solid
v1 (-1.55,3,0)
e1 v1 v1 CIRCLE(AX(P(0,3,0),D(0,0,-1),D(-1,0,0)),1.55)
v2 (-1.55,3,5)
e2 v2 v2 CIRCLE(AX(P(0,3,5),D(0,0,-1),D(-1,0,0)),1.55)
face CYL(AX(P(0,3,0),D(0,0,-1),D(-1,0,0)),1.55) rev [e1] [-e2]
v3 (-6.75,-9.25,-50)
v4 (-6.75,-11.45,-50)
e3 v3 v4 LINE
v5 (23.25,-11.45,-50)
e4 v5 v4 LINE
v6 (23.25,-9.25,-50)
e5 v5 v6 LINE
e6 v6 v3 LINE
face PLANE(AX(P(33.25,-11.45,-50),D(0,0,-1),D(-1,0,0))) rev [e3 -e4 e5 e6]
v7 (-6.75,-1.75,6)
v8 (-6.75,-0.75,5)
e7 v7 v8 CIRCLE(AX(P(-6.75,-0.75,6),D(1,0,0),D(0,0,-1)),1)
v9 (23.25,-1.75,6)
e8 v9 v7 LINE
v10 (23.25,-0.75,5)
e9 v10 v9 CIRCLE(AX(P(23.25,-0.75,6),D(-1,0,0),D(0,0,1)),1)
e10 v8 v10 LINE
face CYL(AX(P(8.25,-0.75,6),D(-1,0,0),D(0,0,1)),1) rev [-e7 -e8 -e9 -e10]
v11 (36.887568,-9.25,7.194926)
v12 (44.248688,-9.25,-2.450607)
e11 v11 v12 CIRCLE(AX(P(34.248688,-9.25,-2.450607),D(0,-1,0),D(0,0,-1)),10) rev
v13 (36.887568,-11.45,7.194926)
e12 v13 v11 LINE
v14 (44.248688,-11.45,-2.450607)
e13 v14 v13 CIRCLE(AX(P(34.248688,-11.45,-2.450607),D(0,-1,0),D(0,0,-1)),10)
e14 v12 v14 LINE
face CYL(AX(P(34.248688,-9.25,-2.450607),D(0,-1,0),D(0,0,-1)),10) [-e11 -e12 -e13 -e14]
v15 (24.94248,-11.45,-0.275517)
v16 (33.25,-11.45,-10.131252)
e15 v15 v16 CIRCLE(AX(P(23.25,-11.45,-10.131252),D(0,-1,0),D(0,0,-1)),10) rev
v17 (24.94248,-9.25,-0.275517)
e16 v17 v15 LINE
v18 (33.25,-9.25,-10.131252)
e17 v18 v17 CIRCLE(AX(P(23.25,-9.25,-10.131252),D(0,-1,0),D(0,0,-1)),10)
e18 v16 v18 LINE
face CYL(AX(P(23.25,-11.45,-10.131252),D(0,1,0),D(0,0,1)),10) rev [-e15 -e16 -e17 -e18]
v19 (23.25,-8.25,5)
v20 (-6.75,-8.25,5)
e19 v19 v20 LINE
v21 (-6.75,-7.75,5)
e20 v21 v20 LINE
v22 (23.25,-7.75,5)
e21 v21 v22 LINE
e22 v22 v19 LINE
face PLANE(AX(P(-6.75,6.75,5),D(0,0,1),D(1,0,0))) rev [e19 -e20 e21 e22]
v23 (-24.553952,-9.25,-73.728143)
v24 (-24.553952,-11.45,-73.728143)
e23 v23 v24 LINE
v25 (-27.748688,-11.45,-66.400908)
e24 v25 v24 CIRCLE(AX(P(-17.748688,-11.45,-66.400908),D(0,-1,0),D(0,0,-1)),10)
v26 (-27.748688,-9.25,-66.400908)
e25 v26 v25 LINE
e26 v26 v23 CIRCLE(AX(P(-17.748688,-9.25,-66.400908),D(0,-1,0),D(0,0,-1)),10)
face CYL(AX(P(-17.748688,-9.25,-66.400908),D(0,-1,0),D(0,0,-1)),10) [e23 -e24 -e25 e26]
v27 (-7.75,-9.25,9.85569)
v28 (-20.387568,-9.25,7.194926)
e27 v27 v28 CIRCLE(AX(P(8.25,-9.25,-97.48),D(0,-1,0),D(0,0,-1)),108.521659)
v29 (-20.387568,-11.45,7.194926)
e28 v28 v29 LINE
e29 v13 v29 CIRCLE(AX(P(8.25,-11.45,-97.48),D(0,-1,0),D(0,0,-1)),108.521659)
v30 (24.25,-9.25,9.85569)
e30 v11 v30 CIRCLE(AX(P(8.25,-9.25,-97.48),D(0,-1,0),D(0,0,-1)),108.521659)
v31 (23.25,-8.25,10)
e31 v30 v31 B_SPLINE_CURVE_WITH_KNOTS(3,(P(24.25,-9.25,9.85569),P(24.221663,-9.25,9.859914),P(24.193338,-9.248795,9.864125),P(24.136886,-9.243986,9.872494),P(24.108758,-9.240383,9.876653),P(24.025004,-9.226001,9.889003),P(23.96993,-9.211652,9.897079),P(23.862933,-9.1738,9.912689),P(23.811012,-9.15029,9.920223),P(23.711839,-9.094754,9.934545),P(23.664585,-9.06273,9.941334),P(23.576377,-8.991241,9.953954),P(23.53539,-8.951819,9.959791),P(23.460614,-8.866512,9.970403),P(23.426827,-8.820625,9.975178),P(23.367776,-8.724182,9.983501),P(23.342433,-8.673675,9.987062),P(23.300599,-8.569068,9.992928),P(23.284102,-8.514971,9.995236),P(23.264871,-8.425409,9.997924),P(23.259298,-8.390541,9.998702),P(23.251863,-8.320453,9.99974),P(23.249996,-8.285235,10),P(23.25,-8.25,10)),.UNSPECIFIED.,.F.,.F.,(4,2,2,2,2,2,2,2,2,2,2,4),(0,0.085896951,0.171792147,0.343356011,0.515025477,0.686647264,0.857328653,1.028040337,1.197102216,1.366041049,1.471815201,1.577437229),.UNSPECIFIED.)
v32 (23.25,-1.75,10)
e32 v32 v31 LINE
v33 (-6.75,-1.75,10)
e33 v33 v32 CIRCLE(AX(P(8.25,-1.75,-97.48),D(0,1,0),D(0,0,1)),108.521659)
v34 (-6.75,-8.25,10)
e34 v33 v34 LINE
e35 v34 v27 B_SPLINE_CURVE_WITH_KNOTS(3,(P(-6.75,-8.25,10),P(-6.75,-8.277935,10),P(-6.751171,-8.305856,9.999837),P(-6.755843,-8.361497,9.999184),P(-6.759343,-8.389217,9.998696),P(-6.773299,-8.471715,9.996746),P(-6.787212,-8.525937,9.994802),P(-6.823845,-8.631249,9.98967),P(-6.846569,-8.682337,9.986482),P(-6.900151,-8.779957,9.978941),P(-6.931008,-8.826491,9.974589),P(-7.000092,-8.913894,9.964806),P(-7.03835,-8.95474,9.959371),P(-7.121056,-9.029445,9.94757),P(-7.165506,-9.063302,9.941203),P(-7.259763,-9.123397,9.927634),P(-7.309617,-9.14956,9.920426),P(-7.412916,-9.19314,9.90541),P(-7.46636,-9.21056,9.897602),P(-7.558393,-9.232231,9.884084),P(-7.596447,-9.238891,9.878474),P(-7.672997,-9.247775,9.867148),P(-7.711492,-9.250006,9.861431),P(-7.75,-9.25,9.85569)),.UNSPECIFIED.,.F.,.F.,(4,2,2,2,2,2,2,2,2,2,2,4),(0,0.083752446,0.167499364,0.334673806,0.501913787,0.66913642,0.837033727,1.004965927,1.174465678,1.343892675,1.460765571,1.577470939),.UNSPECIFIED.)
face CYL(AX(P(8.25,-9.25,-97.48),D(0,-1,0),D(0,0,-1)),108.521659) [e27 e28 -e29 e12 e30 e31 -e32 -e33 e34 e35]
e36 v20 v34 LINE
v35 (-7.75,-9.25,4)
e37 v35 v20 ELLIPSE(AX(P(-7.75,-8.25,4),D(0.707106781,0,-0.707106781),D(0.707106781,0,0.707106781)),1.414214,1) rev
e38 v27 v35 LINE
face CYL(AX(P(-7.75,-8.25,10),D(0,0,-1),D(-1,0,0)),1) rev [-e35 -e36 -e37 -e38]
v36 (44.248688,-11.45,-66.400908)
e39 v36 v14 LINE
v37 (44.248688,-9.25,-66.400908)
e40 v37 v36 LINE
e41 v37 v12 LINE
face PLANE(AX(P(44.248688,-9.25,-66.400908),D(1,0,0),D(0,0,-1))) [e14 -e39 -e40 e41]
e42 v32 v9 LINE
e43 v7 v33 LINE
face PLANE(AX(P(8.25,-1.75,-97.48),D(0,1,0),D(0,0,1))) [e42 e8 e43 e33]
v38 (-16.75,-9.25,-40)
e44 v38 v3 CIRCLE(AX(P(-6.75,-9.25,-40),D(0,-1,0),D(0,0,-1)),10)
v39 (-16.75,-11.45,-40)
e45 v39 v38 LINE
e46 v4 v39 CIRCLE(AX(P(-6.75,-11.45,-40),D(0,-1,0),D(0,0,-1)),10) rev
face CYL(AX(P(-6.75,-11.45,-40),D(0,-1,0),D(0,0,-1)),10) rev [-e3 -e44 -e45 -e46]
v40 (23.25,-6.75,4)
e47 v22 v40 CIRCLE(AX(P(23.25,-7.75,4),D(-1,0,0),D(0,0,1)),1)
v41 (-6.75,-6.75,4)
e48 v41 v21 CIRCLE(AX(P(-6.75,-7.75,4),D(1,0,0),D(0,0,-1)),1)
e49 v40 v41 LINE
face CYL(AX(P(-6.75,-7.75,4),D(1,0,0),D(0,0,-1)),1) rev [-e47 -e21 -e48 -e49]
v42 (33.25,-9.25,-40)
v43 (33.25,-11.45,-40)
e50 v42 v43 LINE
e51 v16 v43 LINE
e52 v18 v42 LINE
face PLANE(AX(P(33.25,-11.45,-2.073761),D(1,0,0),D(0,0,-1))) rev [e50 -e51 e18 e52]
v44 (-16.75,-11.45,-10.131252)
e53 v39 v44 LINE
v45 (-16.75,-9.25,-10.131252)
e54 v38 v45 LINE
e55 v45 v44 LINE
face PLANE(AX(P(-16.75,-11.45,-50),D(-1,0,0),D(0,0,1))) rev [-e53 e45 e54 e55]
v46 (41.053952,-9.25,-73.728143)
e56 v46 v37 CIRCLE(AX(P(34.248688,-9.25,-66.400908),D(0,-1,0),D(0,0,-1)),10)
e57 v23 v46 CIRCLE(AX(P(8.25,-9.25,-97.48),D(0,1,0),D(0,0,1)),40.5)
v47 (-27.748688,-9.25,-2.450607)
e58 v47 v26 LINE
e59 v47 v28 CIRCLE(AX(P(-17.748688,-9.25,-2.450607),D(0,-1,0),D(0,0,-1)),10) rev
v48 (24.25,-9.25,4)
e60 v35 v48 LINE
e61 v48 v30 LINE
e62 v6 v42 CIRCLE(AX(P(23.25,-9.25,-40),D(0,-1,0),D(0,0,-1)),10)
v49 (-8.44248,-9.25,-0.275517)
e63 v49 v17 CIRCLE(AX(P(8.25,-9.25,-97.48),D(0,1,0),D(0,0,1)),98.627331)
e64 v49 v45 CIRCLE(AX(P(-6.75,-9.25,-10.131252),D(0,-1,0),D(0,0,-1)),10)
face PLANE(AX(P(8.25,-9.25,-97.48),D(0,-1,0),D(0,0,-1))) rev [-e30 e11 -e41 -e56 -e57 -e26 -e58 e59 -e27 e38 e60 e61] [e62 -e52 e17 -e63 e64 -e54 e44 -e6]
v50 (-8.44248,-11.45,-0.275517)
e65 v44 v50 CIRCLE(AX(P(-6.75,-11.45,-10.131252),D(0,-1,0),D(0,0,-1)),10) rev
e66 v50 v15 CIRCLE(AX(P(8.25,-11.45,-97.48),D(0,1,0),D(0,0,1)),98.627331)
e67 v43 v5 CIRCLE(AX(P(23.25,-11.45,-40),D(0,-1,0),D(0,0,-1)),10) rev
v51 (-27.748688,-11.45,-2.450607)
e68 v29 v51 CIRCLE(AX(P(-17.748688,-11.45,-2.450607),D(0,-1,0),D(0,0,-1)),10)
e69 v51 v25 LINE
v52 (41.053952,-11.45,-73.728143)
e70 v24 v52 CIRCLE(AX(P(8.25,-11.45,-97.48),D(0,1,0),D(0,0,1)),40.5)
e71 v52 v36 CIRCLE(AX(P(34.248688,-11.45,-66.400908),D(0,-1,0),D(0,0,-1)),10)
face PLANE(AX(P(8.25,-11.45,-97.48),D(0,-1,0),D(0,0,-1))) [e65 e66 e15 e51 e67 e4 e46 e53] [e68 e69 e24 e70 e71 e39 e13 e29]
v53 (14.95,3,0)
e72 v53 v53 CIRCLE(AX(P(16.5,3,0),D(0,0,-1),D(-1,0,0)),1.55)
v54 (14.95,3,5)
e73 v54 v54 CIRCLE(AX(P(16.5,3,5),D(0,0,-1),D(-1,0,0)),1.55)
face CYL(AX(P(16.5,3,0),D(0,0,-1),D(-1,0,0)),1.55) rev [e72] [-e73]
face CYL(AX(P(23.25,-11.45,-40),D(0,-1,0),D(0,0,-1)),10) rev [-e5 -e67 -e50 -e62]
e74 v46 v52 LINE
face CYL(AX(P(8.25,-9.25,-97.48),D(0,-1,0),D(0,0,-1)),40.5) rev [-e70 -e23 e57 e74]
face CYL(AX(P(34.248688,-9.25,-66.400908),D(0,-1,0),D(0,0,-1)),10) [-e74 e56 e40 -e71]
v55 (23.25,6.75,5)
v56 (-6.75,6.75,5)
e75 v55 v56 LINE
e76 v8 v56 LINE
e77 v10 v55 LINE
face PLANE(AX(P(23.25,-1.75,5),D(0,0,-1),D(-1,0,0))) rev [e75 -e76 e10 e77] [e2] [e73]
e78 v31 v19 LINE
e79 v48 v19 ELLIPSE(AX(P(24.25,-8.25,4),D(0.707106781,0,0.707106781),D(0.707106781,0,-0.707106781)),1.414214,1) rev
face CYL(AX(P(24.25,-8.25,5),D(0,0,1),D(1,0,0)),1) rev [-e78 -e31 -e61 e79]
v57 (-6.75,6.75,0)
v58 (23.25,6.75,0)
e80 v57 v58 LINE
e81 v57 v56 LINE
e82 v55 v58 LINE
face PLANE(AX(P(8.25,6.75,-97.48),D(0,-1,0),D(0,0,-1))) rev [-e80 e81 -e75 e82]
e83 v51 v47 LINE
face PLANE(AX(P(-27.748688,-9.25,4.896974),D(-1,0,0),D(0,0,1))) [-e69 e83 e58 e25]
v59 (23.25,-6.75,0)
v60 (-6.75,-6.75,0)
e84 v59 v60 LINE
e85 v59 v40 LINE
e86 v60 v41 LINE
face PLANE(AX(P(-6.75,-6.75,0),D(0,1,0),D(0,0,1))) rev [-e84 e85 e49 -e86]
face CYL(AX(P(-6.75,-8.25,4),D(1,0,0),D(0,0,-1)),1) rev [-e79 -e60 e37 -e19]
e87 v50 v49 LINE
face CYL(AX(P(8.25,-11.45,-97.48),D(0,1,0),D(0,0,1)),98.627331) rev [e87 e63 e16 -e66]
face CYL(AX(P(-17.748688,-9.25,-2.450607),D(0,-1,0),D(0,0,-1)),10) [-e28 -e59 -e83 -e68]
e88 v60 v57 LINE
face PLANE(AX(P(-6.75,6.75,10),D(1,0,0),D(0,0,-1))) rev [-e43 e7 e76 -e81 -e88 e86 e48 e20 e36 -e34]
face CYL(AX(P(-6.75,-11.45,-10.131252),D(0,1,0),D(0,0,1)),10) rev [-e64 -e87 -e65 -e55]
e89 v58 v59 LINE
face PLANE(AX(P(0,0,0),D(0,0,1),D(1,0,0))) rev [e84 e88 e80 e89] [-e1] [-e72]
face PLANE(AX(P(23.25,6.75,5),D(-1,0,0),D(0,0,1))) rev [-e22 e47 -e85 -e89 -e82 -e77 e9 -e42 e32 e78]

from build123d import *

# Parameters (mm, degrees)
EXTRUDE_1_DEPTH             = 2.2000000000000006
EXTRUDE_2_DEPTH             = 16.000000000000004
SKETCH_3_W                  = 30
SKETCH_3_H                  = 13.500000000000002
EXTRUDE_3_DEPTH             = 5
CUT_EXTRUDE_START           = -8.5
CUT_EXTRUDE_1_DEPTH         = 8.5
CUT_EXTRUDE_2_DEPTH         = 88.46305189948819
HOLE_WIZARD_3_1_3_1_1_D     = 3.1
HOLE_WIZARD_3_1_3_1_1_DEPTH = 11.041658668
FILLET_1_R                  = 1
FILLET_2_R                  = 10


with BuildPart() as part:
    # 草图1 → 凸台-拉伸1 (new body)
    with BuildSketch(Plane.XZ.offset(11.45)):
        with BuildLine():
            Line((-27.748687791341045, 4.896974351176933), (-27.748687791341048, -66.4009079535447))
            ThreePointArc((-27.748687791341048, -66.4009079535447), (-26.915275099995267, -70.3976162382234), (-24.55395236877715, -73.7281430412905))
            ThreePointArc((-24.55395236877715, -73.7281430412905), (8.250000000000021, -56.98000000000004), (41.0539523687772, -73.7281430412905))
            ThreePointArc((41.0539523687772, -73.7281430412905), (43.41527509999529, -70.3976162382234), (44.24868779134105, -66.4009079535447))
            Line((44.24868779134105, -66.4009079535447), (44.24868779134099, 4.896974351176947))
            ThreePointArc((44.24868779134099, 4.896974351176947), (8.249999999999982, 11.041658667751605), (-27.748687791341045, 4.896974351176933))
        make_face()
    extrude(amount=-EXTRUDE_1_DEPTH)

    # 草图2 → 凸台-拉伸2 (add)
    with BuildSketch(Plane(origin=(0, -9.25, 0), x_dir=(-1, 0, 0), z_dir=(0, 1, 0))):
        with BuildLine():
            Line((6.75, 5), (-23.25, 5))
            Line((-23.25, 5), (-23.25, 9.99999999999994))
            ThreePointArc((-23.25, 9.99999999999994), (-8.249999999999993, 11.041658667751605), (6.749999999999999, 9.99999999999994))
            Line((6.749999999999999, 9.99999999999994), (6.75, 5))
        make_face()
    extrude(amount=EXTRUDE_2_DEPTH)

    # 草图3 → 凸台-拉伸3 (add)
    with BuildSketch(Plane(origin=(0, 0, 5), x_dir=(-1, 0, 0), z_dir=(0, 0, -1))):
        with Locations((-8.25, 0)):
            Rectangle(SKETCH_3_W, SKETCH_3_H)
    extrude(amount=EXTRUDE_3_DEPTH)

    # 草图4 → 切除-拉伸1 (cut)
    with BuildSketch(Plane(origin=(0, 6.750000000000004, 0), x_dir=(-1, 0, 0), z_dir=(0, 1, 0)).offset(CUT_EXTRUDE_START)):
        with BuildLine():
            Line((-23.25, 9.99999999999994), (-23.25, 5))
            Line((-23.25, 5), (6.75, 5))
            Line((6.75, 5), (6.749999999999999, 9.99999999999994))
            ThreePointArc((6.749999999999999, 9.99999999999994), (-8.249999999999993, 11.041658667751605), (-23.25, 9.99999999999994))
        make_face()
    extrude(amount=CUT_EXTRUDE_1_DEPTH, mode=Mode.SUBTRACT)

    # 草图5 → 切除-拉伸2 (cut, through all)
    with BuildSketch(Plane(origin=(0, -9.25, 0), x_dir=(-1, 0, 0), z_dir=(0, 1, 0))):
        with BuildLine():
            Line((-33.25000000000001, -2.0737612102855603), (-33.25, -50))
            Line((-33.25, -50), (16.75, -50))
            Line((16.75, -50), (16.749999999999993, -2.073761210285574))
            ThreePointArc((16.749999999999993, -2.073761210285574), (-8.249999999999995, 1.1473308976777048), (-33.25000000000001, -2.0737612102855603))
        make_face()
    extrude(amount=-CUT_EXTRUDE_2_DEPTH, mode=Mode.SUBTRACT)

    # Ø3.1 (3.1) 直径孔1
    with Locations(Plane(origin=(0, 0, 0), x_dir=(-1, 0, 0), z_dir=(0, 0, -1))):
        with Locations((-16.5, 3), (0, 3)):
            Hole(HOLE_WIZARD_3_1_3_1_1_D / 2, depth=HOLE_WIZARD_3_1_3_1_1_DEPTH)

    # 圆角1
    fillet_1_edges = [part.edges().sort_by_distance(p)[0] for p in [
        (-6.75, -9.25, 7.49999999999997),
        (23.25, -9.25, 7.49999999999997),
        (8.25, -9.25, 5),
        (8.25, -6.75, 5),
        (8.25, -1.7499999999999956, 5),
    ]]
    fillet(fillet_1_edges, radius=FILLET_1_R)

    # 圆角2
    fillet_2_edges = [part.edges().sort_by_distance(p)[0] for p in [
        (44.24868779134099, -10.35, 4.896974351176949),
        (-27.748687791341048, -10.35, 4.896974351176935),
        (33.25, -10.35, -2.0737612102855643),
        (-16.749999999999993, -10.35, -2.073761210285571),
        (-16.75, -10.35, -50),
        (33.25, -10.35, -50),
    ]]
    fillet(fillet_2_edges, radius=FILLET_2_R)


solid = part.part
